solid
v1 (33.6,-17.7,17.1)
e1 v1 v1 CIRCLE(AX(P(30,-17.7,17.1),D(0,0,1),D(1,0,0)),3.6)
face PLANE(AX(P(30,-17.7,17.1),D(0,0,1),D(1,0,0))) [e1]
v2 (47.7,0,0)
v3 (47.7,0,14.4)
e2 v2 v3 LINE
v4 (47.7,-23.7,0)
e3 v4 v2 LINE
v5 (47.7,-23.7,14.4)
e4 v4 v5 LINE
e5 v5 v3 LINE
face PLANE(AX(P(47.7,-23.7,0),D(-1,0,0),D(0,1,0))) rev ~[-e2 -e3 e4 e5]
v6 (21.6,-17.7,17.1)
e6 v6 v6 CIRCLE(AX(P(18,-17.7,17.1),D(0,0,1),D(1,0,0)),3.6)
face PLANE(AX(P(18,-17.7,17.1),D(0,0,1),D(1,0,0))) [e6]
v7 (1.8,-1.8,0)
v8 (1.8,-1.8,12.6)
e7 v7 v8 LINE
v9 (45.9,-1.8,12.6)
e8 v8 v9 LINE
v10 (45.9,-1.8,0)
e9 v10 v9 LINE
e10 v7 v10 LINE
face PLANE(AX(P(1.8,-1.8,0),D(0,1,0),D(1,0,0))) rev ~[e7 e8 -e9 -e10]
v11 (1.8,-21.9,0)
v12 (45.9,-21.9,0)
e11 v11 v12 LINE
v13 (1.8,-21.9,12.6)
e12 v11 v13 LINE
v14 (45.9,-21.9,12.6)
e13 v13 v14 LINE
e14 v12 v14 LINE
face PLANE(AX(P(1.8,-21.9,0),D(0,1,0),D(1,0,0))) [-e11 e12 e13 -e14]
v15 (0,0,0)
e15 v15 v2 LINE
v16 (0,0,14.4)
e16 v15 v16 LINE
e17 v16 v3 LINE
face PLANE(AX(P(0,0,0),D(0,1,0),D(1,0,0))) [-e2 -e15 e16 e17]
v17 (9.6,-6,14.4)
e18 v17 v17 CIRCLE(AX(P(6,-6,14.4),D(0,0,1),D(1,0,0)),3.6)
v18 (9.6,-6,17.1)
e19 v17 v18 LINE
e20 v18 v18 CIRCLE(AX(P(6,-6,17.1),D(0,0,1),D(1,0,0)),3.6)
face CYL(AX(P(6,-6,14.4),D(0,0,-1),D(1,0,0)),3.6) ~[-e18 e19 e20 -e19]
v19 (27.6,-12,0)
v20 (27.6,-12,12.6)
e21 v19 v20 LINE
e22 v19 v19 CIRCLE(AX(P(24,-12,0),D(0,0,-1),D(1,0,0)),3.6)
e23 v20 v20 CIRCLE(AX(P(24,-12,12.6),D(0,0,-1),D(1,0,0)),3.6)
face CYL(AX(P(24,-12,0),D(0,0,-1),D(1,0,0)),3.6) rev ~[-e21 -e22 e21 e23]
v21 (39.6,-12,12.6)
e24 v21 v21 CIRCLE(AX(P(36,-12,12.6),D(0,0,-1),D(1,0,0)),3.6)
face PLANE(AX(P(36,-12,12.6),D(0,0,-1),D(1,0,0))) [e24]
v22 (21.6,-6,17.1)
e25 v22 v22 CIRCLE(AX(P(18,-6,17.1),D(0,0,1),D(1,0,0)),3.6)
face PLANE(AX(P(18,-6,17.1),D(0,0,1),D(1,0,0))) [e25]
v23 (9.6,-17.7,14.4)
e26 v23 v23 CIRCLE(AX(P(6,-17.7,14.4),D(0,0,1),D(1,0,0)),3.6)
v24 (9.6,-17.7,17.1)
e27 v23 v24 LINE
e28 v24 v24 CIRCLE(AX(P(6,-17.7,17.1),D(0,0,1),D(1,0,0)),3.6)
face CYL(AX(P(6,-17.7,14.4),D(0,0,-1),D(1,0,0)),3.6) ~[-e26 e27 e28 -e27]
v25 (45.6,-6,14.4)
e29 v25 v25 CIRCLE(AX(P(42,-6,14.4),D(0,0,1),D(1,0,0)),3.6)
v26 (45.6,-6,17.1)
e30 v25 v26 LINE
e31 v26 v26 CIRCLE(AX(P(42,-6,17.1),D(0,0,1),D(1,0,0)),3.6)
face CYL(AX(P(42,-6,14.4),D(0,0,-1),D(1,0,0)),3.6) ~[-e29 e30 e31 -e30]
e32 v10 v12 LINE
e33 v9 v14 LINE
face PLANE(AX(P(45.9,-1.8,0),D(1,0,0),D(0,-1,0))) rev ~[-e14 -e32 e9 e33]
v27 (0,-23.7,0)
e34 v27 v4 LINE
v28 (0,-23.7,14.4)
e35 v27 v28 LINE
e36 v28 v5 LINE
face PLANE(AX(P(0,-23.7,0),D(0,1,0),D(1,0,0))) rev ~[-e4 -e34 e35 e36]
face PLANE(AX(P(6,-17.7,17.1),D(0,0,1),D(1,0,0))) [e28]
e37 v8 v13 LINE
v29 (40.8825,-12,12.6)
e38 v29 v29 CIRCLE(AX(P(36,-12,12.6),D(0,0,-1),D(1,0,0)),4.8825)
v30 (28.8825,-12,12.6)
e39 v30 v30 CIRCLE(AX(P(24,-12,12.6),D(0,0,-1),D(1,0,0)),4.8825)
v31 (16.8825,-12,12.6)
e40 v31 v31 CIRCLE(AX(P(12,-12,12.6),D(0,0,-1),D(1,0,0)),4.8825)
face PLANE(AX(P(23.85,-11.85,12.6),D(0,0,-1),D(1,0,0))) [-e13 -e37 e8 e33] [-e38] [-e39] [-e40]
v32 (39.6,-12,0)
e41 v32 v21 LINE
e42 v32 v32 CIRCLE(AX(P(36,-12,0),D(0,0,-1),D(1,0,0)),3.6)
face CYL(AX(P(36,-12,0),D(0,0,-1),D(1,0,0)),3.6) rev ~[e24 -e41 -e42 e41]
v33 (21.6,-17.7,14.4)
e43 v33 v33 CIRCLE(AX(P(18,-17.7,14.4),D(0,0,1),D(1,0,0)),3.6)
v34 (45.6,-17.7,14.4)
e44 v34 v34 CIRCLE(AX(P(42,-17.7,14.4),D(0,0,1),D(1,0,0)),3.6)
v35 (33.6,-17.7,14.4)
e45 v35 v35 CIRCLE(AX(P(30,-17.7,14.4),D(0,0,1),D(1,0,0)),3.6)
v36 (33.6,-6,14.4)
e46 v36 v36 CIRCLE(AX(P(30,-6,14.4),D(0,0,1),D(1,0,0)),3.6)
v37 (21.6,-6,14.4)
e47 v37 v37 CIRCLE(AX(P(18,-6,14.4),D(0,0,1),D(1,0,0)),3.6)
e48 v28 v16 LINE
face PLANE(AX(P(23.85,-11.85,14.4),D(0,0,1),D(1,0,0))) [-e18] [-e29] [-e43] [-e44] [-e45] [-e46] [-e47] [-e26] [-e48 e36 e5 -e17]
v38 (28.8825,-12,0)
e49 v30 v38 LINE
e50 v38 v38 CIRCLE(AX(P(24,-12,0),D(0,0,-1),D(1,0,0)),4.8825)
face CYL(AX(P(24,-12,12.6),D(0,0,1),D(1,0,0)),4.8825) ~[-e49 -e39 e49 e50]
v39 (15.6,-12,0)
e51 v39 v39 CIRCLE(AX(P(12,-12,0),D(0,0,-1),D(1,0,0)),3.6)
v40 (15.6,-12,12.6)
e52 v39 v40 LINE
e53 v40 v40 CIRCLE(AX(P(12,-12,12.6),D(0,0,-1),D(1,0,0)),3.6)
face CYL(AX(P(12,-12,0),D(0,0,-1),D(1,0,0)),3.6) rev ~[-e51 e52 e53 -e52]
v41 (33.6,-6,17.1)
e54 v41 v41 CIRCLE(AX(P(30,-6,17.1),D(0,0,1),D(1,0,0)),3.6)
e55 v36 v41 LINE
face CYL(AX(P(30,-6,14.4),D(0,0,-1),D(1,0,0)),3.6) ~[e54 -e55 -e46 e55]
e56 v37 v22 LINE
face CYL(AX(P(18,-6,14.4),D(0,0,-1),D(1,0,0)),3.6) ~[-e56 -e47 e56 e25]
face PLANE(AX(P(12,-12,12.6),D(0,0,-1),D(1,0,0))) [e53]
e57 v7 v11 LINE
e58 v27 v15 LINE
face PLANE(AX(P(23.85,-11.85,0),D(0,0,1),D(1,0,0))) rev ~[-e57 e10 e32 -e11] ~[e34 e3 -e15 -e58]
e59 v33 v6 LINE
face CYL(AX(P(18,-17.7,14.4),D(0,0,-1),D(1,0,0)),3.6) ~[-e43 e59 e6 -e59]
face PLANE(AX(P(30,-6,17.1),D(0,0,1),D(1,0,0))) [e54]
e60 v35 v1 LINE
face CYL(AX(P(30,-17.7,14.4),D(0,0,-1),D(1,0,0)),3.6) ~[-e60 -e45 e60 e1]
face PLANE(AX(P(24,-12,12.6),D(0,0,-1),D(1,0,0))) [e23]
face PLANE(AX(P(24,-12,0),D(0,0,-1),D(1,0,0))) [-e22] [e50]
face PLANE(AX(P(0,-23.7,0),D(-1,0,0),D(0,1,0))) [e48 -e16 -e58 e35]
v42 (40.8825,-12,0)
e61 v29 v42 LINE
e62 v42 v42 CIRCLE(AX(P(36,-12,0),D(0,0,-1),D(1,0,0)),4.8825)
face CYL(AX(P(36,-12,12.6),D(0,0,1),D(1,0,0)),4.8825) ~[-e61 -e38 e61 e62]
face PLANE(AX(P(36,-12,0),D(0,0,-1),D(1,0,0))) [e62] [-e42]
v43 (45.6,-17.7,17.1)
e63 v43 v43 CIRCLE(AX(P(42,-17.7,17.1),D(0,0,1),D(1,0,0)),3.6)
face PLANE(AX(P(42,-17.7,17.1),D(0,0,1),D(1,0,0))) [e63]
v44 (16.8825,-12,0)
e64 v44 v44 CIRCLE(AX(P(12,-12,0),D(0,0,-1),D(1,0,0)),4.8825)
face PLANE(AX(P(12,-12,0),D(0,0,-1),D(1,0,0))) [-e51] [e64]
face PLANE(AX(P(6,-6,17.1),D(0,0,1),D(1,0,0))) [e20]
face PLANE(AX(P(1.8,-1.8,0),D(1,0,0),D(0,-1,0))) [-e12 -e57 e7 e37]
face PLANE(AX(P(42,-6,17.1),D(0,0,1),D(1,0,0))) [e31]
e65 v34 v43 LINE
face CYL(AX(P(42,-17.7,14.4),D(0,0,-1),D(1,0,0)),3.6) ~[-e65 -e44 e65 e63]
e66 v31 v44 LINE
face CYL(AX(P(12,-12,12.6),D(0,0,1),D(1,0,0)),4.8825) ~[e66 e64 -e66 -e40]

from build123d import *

# Parameters (mm, degrees)
SKETCH_W               = 47.7
SKETCH_H               = 23.7
PAD_DEPTH              = 14.4
SKETCH001_W            = 44.1
SKETCH001_H            = 20.1
POCKET_DEPTH           = 12.6
SKETCH002_R            = 3.6
PAD001_DEPTH           = 2.7
LINEARPATTERN_COUNT    = 4
LINEARPATTERN_PITCH    = 12
SKETCH003_R            = 4.8825
PAD002_DEPTH           = 12.6
LINEARPATTERN001_COUNT = 3
LINEARPATTERN001_PITCH = 12
SKETCH004_R            = 3.6
POCKET001_DEPTH        = 12.6
LINEARPATTERN002_COUNT = 3
LINEARPATTERN002_PITCH = 12


with BuildPart() as part:
    # Sketch → Pad (new body)
    with BuildSketch(Plane.XY):
        with Locations((23.85, -11.85)):
            Rectangle(SKETCH_W, SKETCH_H)
    extrude(amount=PAD_DEPTH)

    # Sketch001 (on Face5 of Pad) → Pocket (cut)
    with BuildSketch(Plane(origin=(0, 0, 0), x_dir=(1, 0, 0), z_dir=(0, 0, -1))):
        with Locations((23.85, 11.85)):
            Rectangle(SKETCH001_W, SKETCH001_H)
    extrude(amount=-POCKET_DEPTH, mode=Mode.SUBTRACT)

    # Sketch002 (on Face5 of Pocket) → Pad001 (join)
    with BuildSketch(Plane.XY.offset(14.4)):
        with Locations((6, -6)):
            Circle(SKETCH002_R)
        with Locations((6, -17.7)):
            Circle(SKETCH002_R)
    pad001 = extrude(amount=PAD001_DEPTH)

    # LinearPattern: Pad001 ×4
    with Locations(*[(i * LINEARPATTERN_PITCH, 0, 0) for i in range(1, LINEARPATTERN_COUNT)]):
        add(pad001)

    # Sketch003 (on Face19 of LinearPattern) → Pad002 (join)
    with BuildSketch(Plane(origin=(0, 0, 12.6), x_dir=(1, 0, 0), z_dir=(0, 0, -1))):
        with Locations((12, 12)):
            Circle(SKETCH003_R)
    pad002 = extrude(amount=PAD002_DEPTH)

    # LinearPattern001: Pad002 ×3
    with Locations(*[(i * LINEARPATTERN001_PITCH, 0, 0) for i in range(1, LINEARPATTERN001_COUNT)]):
        add(pad002)

    # Sketch004 (on Face31 of LinearPattern001) → Pocket001 (cut)
    with BuildSketch(Plane(origin=(0, 0, 0), x_dir=(1, 0, 0), z_dir=(0, 0, -1))):
        with Locations((12, 12)):
            Circle(SKETCH004_R)
    pocket001 = extrude(amount=-POCKET001_DEPTH, mode=Mode.SUBTRACT)

    # LinearPattern002: Pocket001 ×3
    with Locations(*[(i * LINEARPATTERN002_PITCH, 0, 0) for i in range(1, LINEARPATTERN002_COUNT)]):
        add(pocket001, mode=Mode.SUBTRACT)


solid = part.part
